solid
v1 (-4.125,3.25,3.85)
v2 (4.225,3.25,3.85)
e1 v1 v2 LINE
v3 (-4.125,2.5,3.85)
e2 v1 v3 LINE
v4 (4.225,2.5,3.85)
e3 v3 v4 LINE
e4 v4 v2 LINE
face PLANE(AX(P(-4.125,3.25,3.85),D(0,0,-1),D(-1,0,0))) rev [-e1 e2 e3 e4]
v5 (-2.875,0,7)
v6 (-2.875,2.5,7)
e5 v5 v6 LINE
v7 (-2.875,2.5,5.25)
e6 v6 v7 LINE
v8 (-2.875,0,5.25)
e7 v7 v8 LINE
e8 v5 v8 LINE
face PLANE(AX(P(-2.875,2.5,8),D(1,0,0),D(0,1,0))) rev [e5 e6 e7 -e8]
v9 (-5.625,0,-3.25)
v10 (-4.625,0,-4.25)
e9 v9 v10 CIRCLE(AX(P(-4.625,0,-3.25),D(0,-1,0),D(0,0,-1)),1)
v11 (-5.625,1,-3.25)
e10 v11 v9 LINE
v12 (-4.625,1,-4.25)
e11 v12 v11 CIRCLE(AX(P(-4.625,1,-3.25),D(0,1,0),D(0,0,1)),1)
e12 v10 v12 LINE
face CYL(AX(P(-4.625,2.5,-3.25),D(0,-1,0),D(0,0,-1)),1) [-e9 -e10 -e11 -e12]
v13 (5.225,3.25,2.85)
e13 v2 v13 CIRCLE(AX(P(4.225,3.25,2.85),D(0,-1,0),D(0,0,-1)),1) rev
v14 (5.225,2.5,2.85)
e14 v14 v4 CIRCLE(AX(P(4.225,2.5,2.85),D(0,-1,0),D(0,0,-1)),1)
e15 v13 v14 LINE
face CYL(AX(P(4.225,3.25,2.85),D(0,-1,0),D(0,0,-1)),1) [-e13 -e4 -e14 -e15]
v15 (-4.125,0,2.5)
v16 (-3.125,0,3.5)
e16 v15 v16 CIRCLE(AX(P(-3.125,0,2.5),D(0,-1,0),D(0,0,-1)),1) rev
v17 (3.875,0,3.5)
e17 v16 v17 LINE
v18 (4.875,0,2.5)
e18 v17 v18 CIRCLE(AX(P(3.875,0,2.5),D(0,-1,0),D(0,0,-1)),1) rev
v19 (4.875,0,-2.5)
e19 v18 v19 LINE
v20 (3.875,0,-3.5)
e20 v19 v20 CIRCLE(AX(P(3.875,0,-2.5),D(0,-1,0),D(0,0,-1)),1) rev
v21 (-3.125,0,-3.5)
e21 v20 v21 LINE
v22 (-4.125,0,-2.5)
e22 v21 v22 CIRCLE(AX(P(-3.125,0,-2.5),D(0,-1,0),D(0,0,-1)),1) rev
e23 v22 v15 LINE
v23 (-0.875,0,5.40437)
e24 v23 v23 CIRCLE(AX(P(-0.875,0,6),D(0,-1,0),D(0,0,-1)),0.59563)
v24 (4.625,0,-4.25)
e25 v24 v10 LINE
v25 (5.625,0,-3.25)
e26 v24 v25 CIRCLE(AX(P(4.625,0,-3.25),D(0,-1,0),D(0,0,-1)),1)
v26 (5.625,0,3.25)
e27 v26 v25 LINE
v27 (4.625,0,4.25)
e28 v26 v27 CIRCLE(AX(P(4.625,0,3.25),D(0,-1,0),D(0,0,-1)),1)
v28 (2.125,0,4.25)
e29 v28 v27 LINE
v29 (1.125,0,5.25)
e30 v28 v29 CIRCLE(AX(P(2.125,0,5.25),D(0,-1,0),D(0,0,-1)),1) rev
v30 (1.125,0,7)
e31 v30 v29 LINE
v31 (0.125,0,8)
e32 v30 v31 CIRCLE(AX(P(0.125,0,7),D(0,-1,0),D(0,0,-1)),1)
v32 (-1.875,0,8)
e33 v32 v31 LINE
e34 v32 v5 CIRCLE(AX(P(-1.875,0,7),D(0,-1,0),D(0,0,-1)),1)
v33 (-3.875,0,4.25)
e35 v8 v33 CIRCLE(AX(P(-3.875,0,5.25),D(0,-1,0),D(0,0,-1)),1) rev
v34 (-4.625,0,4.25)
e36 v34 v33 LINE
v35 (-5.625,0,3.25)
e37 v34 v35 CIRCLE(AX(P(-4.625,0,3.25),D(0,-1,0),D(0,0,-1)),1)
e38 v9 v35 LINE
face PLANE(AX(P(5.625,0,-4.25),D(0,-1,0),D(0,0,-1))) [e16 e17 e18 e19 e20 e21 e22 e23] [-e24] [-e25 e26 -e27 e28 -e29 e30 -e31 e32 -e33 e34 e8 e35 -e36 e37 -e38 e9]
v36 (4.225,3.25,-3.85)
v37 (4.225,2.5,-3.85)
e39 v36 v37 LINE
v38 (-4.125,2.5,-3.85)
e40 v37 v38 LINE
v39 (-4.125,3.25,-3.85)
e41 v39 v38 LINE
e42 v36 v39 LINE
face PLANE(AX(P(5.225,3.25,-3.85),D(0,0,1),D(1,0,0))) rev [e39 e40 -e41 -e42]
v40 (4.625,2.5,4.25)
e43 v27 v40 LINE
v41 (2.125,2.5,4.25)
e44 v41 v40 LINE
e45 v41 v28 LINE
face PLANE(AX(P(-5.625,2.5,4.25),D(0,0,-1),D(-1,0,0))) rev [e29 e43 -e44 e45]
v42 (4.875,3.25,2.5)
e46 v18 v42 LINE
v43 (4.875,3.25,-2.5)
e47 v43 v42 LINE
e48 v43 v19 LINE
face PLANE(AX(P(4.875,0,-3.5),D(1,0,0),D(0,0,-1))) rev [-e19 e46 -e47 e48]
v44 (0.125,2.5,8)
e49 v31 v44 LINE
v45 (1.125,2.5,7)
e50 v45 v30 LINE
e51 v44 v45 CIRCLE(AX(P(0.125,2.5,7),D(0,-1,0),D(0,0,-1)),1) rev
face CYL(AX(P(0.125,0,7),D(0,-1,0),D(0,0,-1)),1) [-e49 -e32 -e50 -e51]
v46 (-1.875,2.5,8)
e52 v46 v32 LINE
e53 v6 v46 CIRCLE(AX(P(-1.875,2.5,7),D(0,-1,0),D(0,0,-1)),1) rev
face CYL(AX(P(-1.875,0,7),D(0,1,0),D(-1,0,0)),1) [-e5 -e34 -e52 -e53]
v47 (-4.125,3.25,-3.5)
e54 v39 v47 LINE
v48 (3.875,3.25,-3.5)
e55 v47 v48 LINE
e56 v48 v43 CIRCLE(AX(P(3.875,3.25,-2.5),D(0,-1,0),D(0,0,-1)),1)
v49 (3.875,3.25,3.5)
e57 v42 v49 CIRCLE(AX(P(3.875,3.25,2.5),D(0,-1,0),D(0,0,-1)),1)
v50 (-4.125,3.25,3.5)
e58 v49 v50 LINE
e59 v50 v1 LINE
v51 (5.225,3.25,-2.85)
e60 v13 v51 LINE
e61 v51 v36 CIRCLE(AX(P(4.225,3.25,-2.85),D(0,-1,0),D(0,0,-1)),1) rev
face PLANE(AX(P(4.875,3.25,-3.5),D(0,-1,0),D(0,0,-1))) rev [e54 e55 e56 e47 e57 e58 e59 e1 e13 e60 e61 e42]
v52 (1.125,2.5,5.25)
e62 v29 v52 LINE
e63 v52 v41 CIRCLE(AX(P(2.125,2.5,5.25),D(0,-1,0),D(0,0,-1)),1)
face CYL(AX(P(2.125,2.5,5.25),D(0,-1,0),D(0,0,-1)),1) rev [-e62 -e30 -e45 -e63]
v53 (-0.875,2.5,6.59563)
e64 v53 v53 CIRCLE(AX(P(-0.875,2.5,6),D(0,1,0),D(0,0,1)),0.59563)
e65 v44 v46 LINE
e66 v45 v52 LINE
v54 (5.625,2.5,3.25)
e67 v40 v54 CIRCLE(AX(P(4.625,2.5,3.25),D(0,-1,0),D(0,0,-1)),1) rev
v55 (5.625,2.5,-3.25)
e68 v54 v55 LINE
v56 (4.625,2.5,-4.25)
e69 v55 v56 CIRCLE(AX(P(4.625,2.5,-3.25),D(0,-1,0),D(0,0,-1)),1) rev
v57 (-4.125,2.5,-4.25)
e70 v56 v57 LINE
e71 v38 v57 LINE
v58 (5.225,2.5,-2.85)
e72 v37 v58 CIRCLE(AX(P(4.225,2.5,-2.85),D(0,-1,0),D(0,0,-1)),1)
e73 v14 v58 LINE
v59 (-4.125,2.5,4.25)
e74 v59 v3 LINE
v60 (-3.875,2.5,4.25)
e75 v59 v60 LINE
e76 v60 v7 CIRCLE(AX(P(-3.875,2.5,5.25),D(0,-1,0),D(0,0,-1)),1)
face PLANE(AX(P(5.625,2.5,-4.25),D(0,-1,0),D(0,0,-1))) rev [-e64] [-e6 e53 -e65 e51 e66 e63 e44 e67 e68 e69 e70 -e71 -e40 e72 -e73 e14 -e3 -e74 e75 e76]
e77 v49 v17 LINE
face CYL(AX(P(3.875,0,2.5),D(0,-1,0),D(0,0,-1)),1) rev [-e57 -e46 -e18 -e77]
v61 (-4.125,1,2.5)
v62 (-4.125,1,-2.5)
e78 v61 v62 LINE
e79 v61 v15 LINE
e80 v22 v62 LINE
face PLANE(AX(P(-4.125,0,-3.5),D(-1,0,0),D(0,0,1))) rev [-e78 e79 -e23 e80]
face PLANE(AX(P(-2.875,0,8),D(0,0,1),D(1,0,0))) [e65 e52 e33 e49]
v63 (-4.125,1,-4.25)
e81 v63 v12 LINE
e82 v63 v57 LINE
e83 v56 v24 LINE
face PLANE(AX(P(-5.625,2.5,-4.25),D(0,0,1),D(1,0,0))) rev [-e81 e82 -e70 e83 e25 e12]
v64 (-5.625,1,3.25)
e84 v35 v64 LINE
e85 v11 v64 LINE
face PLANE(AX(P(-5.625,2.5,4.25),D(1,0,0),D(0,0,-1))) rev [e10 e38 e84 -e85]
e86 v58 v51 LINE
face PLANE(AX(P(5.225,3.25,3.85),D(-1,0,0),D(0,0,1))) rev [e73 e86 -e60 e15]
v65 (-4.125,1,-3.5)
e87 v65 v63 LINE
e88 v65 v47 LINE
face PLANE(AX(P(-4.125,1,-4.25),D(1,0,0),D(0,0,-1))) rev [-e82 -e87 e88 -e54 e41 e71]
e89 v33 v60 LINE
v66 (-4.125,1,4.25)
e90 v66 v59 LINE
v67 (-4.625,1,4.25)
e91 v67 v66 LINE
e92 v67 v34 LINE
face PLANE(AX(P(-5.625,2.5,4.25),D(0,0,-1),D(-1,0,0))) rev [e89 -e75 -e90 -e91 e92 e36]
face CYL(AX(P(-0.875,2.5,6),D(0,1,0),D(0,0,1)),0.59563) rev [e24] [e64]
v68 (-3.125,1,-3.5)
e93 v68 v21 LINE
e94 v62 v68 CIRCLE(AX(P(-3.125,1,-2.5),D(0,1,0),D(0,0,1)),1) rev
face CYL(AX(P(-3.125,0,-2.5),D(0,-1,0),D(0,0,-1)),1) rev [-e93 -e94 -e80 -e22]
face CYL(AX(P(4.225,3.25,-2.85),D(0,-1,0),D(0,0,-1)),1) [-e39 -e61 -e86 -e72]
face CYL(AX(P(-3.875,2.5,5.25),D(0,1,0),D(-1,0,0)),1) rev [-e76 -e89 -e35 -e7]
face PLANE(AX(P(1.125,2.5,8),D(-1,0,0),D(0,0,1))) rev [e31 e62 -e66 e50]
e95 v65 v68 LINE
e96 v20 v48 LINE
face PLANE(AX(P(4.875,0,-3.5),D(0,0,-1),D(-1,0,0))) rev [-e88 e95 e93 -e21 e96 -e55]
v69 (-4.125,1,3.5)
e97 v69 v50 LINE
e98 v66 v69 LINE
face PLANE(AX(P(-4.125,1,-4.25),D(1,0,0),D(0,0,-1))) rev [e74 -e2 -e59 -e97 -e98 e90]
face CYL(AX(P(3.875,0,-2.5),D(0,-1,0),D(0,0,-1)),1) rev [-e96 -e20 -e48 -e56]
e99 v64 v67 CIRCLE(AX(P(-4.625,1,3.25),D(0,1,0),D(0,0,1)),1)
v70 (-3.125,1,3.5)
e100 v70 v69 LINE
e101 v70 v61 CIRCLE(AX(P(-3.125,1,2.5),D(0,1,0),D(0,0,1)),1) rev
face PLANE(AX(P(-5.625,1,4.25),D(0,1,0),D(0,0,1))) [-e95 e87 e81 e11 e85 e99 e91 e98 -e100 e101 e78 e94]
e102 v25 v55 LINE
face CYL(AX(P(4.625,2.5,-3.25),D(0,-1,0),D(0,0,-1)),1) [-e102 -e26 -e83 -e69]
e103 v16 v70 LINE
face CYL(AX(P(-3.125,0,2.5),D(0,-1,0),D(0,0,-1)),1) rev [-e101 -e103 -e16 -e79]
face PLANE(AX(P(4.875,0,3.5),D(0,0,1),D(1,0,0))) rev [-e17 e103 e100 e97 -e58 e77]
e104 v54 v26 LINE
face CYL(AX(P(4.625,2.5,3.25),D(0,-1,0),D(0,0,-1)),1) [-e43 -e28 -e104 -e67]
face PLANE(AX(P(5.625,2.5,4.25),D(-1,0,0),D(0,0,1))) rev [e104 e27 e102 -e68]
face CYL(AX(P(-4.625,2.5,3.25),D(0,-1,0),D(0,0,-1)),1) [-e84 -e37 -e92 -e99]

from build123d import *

# Parameters (mm, degrees)
SKETCH5_W                 = 11.25
SKETCH5_H                 = 8.5
EXTRUDE4_DEPTH            = 2.5
SKETCH19_W                = 1.5
SKETCH19_H                = 8.5
EXTRUDE12_DEPTH           = 1.5
SKETCH21_W                = 9
SKETCH21_H                = 7
EXTRUDE13_DEPTH           = 3.5
SKETCH22_W                = 4
SKETCH22_H                = 2.5
EXTRUDE14_DEPTH           = 3.75
EXTRUDE15_DEPTH           = 0.75
F_0_80_TAPPED_HOLE1_D     = 1.19126
F_0_80_TAPPED_HOLE1_DEPTH = 79.01
F_0_80_TAPPED_HOLE1_TIP   = 0.357890611
FILLET4_R                 = 1


with BuildPart() as part:
    # Sketch5 → Extrude4 (new body)
    with BuildSketch(Plane(origin=(0, 0, 0), x_dir=(1, 0, 0), z_dir=(0, 1, 0))):
        Rectangle(SKETCH5_W, SKETCH5_H)
    extrude(amount=EXTRUDE4_DEPTH)

    # Sketch19 → Extrude12 (cut)
    with BuildSketch(Plane(origin=(0, 2.5, 0), x_dir=(-1, 0, 0), z_dir=(0, 1, 0))):
        with Locations((4.875, 0)):
            Rectangle(SKETCH19_W, SKETCH19_H)
    extrude(amount=-EXTRUDE12_DEPTH, mode=Mode.SUBTRACT)

    # Sketch21 → Extrude13 (cut, through all)
    with BuildSketch(Plane(origin=(0, 2.5, 0), x_dir=(-1, 0, 0), z_dir=(0, 1, 0))):
        with Locations((-0.375, 0)):
            Rectangle(SKETCH21_W, SKETCH21_H)
    extrude(amount=-EXTRUDE13_DEPTH, mode=Mode.SUBTRACT)

    # Sketch22 → Extrude14 (add)
    with BuildSketch(Plane.XY.offset(4.25)):
        with Locations((-0.875, 1.25)):
            Rectangle(SKETCH22_W, SKETCH22_H)
    extrude(amount=EXTRUDE14_DEPTH)

    # Sketch24 → Extrude15 (add)
    with BuildSketch(Plane(origin=(0, 2.5, 0), x_dir=(1, 0, 0), z_dir=(0, 1, 0))):
        Polygon((-4.125, 3.85), (-4.125, 3.5), (4.875, 3.5), (4.875, -3.5), (-4.125, -3.5), (-4.125, -3.85), (5.225, -3.85), (5.225, 3.85), align=None)
    extrude(amount=EXTRUDE15_DEPTH)

    # #0-80 Tapped Hole1
    with Locations(Plane(origin=(-0.875, 2.5, 6), x_dir=(0, 0, 1), z_dir=(0, 1, 0))):
        with Locations((0, 0)):
            Hole(F_0_80_TAPPED_HOLE1_D / 2, depth=F_0_80_TAPPED_HOLE1_DEPTH)
            with Locations((0, 0, -(F_0_80_TAPPED_HOLE1_DEPTH + F_0_80_TAPPED_HOLE1_TIP / 2))):  # 118° drill point
                Cone(0, F_0_80_TAPPED_HOLE1_D / 2, F_0_80_TAPPED_HOLE1_TIP, mode=Mode.SUBTRACT)

    # Fillet4
    fillet4_edges = [part.edges().sort_by_distance(p)[0] for p in [
        (5.625, 1.25, -4.25),
        (5.225, 2.875, -3.85),
        (5.625, 1.25, 4.25),
        (5.225, 2.875, 3.85),
        (4.875, 1.625, 3.5),
        (4.875, 1.625, -3.5),
        (-4.125, 0.5, 3.5),
        (-4.125, 0.5, -3.5),
        (-5.625, 0.5, -4.25),
        (-5.625, 0.5, 4.25),
        (-2.875, 1.25, 4.25),
        (-2.875, 1.25, 8),
        (1.125, 1.25, 8),
        (1.125, 1.25, 4.25),
    ]]
    fillet(fillet4_edges, radius=FILLET4_R)


solid = part.part
